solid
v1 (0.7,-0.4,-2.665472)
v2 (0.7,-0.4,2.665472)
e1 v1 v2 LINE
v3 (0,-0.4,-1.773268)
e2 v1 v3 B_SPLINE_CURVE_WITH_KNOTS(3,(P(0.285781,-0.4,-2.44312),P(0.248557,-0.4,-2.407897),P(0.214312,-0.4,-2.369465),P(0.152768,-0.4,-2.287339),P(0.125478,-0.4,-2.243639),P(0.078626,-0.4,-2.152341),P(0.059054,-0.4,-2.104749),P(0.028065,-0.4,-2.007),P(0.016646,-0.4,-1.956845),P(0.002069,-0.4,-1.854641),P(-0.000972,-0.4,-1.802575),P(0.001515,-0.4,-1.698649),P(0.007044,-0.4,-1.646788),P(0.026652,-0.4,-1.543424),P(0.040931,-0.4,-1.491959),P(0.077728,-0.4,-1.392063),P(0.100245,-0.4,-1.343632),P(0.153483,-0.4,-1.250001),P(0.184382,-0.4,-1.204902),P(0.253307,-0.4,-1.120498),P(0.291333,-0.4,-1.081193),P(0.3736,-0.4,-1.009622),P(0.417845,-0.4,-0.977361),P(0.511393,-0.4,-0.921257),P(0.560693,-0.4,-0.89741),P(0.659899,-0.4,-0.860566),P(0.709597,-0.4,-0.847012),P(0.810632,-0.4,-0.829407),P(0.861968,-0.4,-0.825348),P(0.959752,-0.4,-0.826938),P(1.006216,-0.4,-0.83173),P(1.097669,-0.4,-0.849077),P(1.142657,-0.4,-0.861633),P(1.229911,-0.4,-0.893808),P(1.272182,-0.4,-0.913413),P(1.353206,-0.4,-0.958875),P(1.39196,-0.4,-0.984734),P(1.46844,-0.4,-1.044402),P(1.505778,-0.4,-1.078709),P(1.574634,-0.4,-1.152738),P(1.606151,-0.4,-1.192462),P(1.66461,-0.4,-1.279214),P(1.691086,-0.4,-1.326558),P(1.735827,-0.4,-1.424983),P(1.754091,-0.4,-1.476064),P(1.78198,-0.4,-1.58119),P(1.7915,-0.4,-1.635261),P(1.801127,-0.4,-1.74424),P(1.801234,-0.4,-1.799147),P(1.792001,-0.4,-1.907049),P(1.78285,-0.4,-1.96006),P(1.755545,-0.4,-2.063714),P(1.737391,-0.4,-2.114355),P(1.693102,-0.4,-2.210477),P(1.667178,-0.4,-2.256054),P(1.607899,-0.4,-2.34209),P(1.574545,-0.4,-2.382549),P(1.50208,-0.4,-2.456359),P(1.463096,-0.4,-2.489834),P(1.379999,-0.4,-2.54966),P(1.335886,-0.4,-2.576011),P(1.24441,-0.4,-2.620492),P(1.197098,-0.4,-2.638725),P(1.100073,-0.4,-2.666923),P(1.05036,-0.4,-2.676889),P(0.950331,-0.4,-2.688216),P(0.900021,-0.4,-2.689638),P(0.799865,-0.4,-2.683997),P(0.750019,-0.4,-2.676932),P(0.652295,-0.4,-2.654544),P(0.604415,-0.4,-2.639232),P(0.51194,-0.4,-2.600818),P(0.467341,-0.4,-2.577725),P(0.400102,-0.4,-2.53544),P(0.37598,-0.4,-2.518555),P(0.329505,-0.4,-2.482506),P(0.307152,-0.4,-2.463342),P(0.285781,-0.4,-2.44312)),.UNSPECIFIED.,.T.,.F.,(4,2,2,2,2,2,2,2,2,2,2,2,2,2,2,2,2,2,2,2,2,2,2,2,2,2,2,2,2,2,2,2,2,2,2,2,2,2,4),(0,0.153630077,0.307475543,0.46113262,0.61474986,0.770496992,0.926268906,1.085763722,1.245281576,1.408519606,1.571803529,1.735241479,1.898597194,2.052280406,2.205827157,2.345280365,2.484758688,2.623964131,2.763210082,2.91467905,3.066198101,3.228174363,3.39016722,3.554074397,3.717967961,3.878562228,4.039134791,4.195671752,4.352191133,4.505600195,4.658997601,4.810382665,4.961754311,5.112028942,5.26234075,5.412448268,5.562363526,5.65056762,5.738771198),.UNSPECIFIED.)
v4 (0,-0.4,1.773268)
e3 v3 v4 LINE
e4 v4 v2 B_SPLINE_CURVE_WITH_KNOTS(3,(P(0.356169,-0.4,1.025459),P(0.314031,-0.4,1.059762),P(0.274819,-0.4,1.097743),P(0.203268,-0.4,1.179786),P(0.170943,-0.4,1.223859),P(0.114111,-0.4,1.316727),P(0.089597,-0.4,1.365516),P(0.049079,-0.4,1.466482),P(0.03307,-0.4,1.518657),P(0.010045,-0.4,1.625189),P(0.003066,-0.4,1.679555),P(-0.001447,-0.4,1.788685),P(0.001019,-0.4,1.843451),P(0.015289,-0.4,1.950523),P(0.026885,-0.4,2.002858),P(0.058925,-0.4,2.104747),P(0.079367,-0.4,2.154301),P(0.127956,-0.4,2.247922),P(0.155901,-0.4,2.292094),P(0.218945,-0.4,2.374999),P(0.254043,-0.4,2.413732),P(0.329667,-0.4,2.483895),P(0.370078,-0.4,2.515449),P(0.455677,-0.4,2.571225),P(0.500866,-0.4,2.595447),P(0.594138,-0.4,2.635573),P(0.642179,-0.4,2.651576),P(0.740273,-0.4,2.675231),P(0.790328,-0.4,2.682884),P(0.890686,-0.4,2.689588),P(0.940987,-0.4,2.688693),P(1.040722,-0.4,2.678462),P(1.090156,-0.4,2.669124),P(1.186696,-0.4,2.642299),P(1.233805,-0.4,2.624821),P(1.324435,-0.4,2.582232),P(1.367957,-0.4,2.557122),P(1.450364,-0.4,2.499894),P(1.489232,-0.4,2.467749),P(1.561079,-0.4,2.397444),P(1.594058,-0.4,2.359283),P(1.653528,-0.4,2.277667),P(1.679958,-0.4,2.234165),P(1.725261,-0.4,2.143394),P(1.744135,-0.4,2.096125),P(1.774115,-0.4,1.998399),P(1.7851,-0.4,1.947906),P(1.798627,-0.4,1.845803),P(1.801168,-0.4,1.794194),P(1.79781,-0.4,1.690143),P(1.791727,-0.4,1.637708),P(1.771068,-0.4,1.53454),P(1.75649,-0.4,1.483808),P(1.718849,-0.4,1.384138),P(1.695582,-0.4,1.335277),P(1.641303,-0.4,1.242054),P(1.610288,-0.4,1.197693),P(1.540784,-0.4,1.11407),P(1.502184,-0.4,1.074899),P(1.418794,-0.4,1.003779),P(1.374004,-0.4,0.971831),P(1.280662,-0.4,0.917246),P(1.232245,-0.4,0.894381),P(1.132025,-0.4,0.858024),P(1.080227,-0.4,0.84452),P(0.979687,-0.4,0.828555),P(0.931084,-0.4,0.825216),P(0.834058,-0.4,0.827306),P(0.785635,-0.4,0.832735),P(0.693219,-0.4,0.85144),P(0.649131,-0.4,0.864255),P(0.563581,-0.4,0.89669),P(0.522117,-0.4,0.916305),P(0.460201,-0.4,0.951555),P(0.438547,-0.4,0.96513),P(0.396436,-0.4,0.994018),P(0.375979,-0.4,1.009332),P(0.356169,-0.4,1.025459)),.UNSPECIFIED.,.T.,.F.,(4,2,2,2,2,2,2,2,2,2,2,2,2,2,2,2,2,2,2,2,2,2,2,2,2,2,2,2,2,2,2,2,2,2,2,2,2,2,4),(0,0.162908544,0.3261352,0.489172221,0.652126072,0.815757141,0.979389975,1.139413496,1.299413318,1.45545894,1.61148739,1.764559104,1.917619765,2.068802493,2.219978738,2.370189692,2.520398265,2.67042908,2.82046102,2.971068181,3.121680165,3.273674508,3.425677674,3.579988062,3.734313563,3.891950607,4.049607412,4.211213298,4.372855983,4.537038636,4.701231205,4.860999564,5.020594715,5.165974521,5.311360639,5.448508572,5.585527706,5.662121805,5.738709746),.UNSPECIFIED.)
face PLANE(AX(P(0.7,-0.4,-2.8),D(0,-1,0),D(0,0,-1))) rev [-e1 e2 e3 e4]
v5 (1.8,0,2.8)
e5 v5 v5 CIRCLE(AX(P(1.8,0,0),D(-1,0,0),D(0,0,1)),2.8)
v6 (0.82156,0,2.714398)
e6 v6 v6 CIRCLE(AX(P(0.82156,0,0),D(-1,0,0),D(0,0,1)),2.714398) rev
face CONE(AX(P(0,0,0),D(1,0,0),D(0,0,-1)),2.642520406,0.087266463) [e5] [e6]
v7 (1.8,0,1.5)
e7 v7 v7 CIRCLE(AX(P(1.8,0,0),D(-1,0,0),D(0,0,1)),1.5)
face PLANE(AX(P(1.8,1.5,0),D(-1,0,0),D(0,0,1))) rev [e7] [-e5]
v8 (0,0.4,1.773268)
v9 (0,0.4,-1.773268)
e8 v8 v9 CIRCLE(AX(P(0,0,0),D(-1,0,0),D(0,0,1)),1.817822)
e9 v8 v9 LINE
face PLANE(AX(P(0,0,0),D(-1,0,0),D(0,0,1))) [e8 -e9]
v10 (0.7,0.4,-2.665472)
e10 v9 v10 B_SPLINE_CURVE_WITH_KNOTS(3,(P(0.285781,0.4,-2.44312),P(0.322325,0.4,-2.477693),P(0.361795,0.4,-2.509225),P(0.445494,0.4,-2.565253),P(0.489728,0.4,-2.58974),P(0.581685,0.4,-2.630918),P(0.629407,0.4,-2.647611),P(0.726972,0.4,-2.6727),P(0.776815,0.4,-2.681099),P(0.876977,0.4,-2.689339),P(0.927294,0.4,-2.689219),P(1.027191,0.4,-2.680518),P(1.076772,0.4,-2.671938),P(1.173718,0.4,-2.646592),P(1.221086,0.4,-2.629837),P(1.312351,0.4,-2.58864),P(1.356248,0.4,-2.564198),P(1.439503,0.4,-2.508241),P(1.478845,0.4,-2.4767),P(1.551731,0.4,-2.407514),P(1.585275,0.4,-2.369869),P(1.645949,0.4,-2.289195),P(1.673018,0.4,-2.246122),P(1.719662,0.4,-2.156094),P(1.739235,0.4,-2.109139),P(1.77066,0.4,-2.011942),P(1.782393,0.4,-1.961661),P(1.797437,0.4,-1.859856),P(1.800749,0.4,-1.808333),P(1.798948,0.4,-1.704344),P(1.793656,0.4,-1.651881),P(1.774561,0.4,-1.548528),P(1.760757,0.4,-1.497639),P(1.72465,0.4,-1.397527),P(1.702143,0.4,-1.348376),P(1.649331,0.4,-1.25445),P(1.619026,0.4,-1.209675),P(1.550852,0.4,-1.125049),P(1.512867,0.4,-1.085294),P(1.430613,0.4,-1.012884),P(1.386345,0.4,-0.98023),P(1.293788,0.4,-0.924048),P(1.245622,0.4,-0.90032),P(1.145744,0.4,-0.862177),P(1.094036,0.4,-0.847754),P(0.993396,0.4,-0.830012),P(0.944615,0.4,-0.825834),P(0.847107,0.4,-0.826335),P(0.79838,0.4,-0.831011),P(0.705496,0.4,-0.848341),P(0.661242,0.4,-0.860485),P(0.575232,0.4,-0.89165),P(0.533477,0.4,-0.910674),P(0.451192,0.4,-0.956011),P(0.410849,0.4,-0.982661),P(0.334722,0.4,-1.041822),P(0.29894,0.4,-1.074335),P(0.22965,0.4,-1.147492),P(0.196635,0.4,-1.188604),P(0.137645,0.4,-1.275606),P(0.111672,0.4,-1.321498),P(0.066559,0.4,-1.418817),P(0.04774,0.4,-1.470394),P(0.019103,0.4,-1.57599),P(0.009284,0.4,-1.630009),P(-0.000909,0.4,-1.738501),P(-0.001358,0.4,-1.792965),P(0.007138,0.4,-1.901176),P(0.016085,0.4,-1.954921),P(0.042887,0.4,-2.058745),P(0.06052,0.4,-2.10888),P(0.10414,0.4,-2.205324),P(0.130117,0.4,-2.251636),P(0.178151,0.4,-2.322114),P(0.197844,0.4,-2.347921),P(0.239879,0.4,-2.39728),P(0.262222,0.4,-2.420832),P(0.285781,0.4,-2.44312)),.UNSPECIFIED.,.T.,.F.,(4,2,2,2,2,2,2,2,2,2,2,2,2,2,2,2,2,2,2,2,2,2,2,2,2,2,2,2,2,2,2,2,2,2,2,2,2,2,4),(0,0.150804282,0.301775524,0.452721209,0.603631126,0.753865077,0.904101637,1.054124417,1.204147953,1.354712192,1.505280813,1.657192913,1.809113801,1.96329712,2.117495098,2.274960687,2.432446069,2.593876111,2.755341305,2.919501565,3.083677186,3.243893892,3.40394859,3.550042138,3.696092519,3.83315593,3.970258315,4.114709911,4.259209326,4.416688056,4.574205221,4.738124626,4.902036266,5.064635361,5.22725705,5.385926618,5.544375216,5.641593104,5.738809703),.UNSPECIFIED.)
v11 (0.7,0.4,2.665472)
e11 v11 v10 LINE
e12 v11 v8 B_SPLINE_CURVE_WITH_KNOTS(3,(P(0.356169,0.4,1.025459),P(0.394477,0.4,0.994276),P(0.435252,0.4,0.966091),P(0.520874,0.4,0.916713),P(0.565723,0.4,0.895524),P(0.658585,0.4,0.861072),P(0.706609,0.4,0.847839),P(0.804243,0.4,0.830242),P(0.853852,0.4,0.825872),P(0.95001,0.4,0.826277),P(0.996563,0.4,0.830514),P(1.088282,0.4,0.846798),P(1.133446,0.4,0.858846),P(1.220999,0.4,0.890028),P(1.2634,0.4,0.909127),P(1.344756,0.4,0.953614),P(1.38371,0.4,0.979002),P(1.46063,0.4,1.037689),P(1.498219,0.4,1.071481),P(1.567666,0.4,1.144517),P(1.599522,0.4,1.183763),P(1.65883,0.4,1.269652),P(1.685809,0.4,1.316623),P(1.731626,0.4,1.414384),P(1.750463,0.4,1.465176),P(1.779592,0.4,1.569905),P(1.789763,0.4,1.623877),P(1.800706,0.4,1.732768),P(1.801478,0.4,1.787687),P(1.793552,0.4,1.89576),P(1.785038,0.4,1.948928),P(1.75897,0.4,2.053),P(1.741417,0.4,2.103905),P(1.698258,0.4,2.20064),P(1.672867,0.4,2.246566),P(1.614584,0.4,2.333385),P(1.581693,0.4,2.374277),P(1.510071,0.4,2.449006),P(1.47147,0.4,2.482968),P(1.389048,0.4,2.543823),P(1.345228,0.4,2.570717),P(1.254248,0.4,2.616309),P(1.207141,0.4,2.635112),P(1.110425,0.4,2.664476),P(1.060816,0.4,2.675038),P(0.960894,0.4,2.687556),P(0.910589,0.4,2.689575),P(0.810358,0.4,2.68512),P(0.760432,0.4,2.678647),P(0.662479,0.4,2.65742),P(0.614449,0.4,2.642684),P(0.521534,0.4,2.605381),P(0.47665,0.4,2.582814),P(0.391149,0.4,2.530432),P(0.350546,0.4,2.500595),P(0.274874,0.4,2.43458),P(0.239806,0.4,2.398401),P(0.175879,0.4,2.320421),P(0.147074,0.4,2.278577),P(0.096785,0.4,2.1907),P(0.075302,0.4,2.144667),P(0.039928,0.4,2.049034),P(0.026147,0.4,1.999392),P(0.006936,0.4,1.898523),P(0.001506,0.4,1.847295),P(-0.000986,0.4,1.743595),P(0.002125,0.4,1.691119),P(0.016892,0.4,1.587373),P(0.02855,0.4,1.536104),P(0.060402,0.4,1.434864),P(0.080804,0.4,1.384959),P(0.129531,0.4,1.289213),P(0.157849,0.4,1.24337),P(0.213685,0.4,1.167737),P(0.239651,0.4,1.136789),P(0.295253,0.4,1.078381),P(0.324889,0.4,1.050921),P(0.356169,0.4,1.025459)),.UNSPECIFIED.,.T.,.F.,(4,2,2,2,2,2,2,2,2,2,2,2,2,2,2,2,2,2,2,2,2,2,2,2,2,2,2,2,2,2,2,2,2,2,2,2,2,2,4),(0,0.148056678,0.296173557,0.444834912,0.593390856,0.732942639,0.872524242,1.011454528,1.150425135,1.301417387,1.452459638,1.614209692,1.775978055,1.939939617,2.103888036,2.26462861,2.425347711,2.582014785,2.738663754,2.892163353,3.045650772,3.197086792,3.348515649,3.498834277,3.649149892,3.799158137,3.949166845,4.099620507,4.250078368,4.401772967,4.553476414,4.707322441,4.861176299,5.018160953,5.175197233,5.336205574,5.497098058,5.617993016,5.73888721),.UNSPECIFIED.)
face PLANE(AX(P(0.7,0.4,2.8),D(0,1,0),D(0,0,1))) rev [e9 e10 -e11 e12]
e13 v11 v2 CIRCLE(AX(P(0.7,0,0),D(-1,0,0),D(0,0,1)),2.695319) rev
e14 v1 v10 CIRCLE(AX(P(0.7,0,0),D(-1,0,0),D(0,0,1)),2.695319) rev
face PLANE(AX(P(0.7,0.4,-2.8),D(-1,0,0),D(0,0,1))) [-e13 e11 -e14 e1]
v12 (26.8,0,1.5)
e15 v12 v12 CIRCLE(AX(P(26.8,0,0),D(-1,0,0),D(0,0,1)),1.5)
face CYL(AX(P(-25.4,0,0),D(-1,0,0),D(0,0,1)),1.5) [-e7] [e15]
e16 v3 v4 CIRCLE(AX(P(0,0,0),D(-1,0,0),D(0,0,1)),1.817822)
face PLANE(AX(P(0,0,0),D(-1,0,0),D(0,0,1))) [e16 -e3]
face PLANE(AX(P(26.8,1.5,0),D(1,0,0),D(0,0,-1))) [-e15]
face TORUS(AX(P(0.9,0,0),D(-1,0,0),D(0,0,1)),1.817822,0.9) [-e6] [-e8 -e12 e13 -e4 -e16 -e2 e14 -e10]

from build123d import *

# Parameters (mm, degrees)
FILLET2_R  = 0.9
SKETCH2_W  = 5.6
SKETCH2_H  = 0.8
SLOT_DEPTH = 0.7


with BuildPart() as part:
    # BodySke → Base-Revolve (revolve)
    with BuildSketch(Plane.XY, mode=Mode.PRIVATE) as base_revolve_sk:
        Polygon((1.8, 1.5), (1.8, 2.8), (0, 2.642520406), (0, 0), (26.8, 0), (26.8, 1.5), align=None)
    revolve(base_revolve_sk.sketch.rotate(Axis((-25.4, 0, 0), (1, 0, 0)), 90), axis=Axis((-25.4, 0, 0), (1, 0, 0)))

    # Fillet2
    fillet2_edges = [part.edges().sort_by_distance(p)[0] for p in [
        (0, 0, -2.642520406),
    ]]
    fillet(fillet2_edges, radius=FILLET2_R)

    # Sketch2 → Slot (cut)
    with BuildSketch(Plane(origin=(0, 0, 0), x_dir=(0, 0, -1), z_dir=(1, 0, 0))):
        Rectangle(SKETCH2_W, SKETCH2_H)
    extrude(amount=SLOT_DEPTH, mode=Mode.SUBTRACT)


solid = part.part
